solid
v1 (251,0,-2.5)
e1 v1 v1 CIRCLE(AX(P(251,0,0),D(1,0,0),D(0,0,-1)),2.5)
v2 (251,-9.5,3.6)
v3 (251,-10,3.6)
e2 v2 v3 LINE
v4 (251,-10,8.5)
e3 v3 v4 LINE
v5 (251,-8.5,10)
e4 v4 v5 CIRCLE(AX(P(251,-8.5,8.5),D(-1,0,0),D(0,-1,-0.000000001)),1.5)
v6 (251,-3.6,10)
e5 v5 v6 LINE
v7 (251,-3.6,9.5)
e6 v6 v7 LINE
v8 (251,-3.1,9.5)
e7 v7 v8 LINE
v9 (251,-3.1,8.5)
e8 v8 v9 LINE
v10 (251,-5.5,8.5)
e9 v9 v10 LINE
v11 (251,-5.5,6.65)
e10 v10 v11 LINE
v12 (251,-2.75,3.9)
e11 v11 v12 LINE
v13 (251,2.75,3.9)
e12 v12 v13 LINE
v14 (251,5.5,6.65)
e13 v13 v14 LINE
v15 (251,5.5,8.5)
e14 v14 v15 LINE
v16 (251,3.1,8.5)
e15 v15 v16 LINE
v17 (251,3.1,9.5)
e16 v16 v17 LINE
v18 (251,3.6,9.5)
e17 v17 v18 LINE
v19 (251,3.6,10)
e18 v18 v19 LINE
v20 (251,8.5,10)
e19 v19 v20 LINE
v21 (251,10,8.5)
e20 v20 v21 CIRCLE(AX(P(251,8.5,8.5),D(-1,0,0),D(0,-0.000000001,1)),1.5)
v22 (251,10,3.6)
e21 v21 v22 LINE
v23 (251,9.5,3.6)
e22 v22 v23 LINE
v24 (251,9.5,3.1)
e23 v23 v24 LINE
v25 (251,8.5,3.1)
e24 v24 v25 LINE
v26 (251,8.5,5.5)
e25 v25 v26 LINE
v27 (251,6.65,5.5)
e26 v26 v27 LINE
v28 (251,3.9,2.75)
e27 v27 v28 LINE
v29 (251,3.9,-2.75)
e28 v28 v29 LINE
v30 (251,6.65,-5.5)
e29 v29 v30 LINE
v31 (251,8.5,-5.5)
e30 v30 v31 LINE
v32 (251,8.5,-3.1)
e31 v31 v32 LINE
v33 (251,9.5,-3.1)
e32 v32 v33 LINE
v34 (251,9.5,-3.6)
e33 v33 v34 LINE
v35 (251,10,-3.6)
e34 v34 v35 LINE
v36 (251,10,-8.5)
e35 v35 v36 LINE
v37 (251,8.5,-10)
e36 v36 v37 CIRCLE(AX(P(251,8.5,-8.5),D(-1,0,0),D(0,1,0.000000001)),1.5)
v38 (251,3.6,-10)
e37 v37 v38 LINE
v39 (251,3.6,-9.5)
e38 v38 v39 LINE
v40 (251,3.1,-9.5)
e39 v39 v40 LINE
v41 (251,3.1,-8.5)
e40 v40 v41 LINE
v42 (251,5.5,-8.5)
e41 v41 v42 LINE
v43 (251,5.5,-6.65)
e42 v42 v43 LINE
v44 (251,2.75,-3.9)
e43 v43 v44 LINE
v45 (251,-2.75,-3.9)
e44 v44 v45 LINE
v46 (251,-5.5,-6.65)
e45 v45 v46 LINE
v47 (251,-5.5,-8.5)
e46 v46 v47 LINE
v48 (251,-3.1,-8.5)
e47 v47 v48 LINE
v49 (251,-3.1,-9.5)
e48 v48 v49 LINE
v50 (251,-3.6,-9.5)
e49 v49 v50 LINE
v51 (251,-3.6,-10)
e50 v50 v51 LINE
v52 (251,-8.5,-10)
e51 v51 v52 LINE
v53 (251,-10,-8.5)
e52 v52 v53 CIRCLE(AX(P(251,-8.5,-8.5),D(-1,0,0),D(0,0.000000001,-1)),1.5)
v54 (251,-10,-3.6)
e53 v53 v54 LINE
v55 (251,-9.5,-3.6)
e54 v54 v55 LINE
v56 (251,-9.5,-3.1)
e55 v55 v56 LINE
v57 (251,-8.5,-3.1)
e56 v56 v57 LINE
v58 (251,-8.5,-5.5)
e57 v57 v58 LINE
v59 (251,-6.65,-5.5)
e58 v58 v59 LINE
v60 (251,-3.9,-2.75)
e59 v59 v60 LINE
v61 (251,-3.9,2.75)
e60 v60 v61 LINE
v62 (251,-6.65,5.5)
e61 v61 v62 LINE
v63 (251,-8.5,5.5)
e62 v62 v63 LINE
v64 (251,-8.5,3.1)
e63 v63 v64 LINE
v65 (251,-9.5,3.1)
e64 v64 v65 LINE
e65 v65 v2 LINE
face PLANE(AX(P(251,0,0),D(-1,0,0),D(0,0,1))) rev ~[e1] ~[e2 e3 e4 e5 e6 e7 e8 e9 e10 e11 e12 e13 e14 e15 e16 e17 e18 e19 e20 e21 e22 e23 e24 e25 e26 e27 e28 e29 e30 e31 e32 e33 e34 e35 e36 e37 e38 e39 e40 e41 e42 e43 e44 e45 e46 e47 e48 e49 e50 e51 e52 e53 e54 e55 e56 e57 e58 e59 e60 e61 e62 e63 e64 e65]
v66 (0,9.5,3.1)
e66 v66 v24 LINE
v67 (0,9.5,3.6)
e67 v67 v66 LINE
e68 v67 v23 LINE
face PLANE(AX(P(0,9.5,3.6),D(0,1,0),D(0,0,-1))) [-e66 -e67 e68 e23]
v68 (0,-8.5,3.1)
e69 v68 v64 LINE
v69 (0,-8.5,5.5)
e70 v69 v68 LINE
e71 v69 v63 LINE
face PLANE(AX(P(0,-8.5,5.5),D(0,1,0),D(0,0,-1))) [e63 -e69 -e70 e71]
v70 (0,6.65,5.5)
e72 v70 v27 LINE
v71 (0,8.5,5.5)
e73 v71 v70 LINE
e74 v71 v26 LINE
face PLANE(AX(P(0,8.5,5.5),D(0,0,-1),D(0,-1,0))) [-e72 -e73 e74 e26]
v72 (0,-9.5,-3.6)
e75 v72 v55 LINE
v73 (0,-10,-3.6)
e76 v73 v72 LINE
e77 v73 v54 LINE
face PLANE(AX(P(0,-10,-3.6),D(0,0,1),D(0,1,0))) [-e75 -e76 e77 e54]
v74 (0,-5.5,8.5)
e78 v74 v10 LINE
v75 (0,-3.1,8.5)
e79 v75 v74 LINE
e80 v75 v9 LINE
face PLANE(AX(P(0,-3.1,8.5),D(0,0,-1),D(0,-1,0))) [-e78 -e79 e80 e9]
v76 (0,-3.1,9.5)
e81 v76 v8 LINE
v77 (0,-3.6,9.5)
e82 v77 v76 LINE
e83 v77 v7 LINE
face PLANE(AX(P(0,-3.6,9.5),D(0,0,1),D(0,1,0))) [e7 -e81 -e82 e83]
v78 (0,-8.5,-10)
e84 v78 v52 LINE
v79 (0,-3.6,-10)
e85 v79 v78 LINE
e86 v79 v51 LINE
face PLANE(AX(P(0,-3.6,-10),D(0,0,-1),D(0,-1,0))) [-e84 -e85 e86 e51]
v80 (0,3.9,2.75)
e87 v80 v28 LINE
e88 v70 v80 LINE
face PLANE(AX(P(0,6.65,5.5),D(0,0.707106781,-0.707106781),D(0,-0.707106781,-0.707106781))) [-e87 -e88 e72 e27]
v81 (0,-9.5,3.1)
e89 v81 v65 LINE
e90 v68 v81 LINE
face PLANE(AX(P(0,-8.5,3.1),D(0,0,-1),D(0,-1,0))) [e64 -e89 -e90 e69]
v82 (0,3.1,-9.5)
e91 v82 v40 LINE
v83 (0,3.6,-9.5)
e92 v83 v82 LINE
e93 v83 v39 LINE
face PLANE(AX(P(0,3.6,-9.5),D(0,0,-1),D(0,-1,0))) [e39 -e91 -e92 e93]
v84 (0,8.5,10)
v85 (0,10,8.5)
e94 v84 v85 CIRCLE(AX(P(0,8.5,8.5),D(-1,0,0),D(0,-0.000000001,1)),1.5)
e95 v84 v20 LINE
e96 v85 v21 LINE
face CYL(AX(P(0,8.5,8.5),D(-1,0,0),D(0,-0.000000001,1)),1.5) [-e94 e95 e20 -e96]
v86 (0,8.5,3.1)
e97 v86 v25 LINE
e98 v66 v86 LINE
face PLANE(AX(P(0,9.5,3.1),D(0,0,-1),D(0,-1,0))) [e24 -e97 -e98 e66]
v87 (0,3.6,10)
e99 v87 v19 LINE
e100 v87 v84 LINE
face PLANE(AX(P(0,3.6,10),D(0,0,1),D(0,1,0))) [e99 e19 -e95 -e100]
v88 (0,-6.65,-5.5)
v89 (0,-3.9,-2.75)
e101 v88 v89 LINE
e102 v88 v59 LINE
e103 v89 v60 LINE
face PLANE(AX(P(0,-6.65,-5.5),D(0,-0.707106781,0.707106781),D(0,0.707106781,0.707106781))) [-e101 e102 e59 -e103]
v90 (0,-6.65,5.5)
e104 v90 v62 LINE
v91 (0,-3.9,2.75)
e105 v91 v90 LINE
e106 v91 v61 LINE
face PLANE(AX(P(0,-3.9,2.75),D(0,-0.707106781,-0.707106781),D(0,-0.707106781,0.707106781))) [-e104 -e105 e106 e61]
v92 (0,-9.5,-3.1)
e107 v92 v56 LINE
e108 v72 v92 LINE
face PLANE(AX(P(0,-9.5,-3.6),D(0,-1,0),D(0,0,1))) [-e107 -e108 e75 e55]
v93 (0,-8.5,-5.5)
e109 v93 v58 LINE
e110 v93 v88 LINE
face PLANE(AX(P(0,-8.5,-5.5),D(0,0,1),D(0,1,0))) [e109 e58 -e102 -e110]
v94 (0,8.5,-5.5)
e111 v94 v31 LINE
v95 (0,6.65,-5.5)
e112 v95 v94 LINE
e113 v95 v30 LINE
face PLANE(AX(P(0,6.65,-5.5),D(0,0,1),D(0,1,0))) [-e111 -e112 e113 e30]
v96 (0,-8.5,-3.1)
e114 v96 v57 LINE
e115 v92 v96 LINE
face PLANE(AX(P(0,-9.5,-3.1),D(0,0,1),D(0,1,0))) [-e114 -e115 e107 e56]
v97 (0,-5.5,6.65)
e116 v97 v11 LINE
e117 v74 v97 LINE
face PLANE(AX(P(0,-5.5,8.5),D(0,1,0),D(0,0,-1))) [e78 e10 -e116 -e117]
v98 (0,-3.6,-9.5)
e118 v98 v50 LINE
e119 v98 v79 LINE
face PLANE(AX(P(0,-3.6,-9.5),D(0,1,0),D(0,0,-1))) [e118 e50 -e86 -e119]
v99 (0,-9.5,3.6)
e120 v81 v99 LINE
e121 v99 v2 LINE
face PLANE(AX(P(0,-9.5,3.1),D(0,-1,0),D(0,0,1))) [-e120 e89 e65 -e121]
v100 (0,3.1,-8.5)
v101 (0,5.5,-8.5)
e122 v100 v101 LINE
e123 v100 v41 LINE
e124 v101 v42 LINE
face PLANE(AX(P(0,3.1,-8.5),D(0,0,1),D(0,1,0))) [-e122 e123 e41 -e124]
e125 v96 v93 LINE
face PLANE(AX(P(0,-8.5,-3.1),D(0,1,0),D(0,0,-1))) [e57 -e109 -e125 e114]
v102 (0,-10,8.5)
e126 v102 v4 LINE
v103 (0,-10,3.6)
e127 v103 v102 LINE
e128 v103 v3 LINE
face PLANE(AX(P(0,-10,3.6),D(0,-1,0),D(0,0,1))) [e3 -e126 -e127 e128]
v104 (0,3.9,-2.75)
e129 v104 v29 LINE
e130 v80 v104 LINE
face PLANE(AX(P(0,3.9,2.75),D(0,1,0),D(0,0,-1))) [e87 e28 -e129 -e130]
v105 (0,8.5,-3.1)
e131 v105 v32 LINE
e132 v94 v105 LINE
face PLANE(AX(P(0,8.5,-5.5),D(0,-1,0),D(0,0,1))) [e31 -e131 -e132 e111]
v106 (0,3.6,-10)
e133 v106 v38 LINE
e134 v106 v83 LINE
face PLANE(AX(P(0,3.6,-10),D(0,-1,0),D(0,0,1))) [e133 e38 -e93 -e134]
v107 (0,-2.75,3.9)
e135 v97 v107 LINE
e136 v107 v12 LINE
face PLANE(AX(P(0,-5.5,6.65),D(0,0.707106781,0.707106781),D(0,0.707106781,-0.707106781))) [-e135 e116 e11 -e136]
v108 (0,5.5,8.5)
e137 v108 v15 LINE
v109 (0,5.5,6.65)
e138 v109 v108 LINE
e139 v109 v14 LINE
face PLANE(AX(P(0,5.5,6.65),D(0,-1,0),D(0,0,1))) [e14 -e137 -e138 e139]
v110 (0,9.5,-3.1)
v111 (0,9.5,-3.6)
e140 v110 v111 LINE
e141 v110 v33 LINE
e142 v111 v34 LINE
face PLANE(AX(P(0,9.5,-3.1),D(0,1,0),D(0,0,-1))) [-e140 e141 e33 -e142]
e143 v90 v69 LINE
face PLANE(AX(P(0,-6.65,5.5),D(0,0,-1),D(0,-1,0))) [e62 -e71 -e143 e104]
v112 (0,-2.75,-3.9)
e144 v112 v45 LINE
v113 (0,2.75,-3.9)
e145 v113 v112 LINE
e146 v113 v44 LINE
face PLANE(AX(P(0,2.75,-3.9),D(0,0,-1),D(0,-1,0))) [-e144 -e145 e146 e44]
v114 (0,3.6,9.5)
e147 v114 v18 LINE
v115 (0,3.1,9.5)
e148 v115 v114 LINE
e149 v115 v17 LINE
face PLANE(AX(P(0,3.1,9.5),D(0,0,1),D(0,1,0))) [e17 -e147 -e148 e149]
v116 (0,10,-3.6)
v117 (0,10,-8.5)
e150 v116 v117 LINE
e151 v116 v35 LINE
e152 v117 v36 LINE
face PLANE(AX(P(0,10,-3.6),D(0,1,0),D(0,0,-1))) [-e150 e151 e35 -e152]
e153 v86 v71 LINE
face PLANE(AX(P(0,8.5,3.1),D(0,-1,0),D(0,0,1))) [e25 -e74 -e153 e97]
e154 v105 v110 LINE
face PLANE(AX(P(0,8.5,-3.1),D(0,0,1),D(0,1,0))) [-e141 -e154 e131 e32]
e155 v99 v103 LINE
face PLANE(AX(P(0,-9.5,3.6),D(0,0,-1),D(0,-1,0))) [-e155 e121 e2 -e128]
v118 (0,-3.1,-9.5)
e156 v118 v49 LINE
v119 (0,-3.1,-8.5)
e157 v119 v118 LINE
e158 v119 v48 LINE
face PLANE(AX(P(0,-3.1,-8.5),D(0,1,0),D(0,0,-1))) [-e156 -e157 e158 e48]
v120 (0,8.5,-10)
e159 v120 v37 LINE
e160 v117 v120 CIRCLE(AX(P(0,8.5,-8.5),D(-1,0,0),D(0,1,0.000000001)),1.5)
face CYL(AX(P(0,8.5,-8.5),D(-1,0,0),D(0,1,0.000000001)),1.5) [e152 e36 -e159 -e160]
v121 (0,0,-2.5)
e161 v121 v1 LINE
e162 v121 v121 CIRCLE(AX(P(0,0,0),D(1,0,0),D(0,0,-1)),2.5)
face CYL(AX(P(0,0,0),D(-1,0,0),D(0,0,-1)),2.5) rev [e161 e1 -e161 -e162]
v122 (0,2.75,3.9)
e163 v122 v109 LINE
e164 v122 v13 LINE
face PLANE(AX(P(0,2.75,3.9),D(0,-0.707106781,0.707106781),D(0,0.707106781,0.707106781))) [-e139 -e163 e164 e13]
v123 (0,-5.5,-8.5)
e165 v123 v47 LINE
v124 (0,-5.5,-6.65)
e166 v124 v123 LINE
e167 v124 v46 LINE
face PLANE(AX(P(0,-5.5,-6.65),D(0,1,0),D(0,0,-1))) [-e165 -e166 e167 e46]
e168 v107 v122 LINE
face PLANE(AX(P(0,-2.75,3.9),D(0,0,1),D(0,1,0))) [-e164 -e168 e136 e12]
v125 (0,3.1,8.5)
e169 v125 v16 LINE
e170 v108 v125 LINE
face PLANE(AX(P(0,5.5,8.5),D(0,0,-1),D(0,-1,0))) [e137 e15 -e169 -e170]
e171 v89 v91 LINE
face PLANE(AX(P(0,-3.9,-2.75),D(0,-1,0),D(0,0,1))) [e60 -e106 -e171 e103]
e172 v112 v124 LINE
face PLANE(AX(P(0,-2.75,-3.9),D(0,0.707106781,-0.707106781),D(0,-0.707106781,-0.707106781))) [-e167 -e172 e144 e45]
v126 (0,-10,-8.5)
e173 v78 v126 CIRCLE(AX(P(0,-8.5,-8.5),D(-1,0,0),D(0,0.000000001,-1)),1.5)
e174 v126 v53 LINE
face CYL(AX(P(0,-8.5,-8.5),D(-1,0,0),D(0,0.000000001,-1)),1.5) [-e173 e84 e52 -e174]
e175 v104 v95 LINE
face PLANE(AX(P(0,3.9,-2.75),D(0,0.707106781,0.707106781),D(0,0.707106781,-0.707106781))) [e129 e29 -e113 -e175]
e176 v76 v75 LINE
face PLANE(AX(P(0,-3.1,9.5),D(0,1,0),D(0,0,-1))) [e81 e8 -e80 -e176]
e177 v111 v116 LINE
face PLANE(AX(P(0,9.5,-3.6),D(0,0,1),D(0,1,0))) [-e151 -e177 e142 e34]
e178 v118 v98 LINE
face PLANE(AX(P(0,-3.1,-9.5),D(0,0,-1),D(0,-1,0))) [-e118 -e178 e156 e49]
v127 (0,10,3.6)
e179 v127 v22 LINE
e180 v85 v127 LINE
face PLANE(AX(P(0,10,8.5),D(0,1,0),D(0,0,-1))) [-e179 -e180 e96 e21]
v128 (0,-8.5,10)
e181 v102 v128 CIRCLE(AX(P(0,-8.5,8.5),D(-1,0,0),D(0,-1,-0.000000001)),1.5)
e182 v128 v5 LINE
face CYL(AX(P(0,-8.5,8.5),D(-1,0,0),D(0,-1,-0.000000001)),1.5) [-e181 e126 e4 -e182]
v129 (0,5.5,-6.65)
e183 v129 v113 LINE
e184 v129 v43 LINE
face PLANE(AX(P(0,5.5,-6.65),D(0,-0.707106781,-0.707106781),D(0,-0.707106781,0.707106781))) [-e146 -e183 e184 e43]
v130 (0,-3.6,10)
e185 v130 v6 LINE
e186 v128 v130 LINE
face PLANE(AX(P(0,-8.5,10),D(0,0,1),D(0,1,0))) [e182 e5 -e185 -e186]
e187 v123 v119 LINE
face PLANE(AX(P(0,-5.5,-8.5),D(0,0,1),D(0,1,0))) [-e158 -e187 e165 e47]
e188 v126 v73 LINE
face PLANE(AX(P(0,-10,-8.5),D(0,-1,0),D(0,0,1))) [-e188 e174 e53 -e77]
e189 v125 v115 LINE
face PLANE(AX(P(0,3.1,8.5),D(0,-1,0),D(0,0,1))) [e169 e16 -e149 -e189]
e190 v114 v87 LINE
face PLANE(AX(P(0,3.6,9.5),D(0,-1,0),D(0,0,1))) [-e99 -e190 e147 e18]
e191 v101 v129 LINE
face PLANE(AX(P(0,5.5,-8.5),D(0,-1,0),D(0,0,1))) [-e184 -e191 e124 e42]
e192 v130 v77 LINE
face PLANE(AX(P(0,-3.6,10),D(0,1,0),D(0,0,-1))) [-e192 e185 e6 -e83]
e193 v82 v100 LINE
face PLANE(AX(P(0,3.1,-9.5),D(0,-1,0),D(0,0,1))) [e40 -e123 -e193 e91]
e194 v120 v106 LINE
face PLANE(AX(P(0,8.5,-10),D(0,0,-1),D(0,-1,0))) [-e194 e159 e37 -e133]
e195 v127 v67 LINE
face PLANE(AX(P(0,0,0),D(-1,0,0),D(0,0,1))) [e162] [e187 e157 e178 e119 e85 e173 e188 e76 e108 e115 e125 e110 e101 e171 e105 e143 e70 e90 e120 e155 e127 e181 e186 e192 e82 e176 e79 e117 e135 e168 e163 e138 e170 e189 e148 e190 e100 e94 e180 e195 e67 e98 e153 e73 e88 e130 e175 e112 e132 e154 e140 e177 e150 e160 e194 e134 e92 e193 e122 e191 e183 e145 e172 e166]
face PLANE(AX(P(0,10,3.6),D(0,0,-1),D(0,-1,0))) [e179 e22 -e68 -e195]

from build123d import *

# Parameters (mm, degrees)
SKETCH1_R                = 2.5
F_20_X_20_X_R1_5_1_DEPTH = 251


with BuildPart() as part:
    # Sketch1 → 铝型材 20 X 20 X R1.5(1) (new body)
    with BuildSketch(Plane(origin=(0, 0, 0), x_dir=(0, 0, -1), z_dir=(1, 0, 0))):
        with BuildLine():
            Line((-3.6, 10), (-3.6, 9.5))
            Line((-3.6, 9.5), (-3.1, 9.5))
            Line((-3.1, 9.5), (-3.1, 8.5))
            Line((-3.1, 8.5), (-5.5, 8.5))
            Line((-5.5, 8.5), (-5.5, 6.65))
            Line((-5.5, 6.65), (-2.75, 3.9))
            Line((-2.75, 3.9), (2.75, 3.9))
            Line((2.75, 3.9), (5.5, 6.65))
            Line((5.5, 6.65), (5.5, 8.5))
            Line((5.5, 8.5), (3.1, 8.5))
            Line((3.1, 8.5), (3.1, 9.5))
            Line((3.1, 9.5), (3.6, 9.5))
            Line((3.6, 9.5), (3.6, 10))
            Line((3.6, 10), (8.5, 10))
            ThreePointArc((8.5, 10), (9.560660172, 9.560660172), (10, 8.5))
            Line((10, 8.5), (10, 3.6))
            Line((10, 3.6), (9.5, 3.6))
            Line((9.5, 3.6), (9.5, 3.1))
            Line((9.5, 3.1), (8.5, 3.1))
            Line((8.5, 3.1), (8.5, 5.5))
            Line((8.5, 5.5), (6.65, 5.5))
            Line((6.65, 5.5), (3.9, 2.75))
            Line((3.9, 2.75), (3.9, -2.75))
            Line((3.9, -2.75), (6.65, -5.5))
            Line((6.65, -5.5), (8.5, -5.5))
            Line((8.5, -5.5), (8.5, -3.1))
            Line((8.5, -3.1), (9.5, -3.1))
            Line((9.5, -3.1), (9.5, -3.6))
            Line((9.5, -3.6), (10, -3.6))
            Line((10, -3.6), (10, -8.5))
            ThreePointArc((10, -8.5), (9.560660172, -9.560660172), (8.5, -10))
            Line((8.5, -10), (3.6, -10))
            Line((3.6, -10), (3.6, -9.5))
            Line((3.6, -9.5), (3.1, -9.5))
            Line((3.1, -9.5), (3.1, -8.5))
            Line((3.1, -8.5), (5.5, -8.5))
            Line((5.5, -8.5), (5.5, -6.65))
            Line((5.5, -6.65), (2.75, -3.9))
            Line((2.75, -3.9), (-2.75, -3.9))
            Line((-2.75, -3.9), (-5.5, -6.65))
            Line((-5.5, -6.65), (-5.5, -8.5))
            Line((-5.5, -8.5), (-3.1, -8.5))
            Line((-3.1, -8.5), (-3.1, -9.5))
            Line((-3.1, -9.5), (-3.6, -9.5))
            Line((-3.6, -9.5), (-3.6, -10))
            Line((-3.6, -10), (-8.5, -10))
            ThreePointArc((-8.5, -10), (-9.560660172, -9.560660172), (-10, -8.5))
            Line((-10, -8.5), (-10, -3.6))
            Line((-10, -3.6), (-9.5, -3.6))
            Line((-9.5, -3.6), (-9.5, -3.1))
            Line((-9.5, -3.1), (-8.5, -3.1))
            Line((-8.5, -3.1), (-8.5, -5.5))
            Line((-8.5, -5.5), (-6.65, -5.5))
            Line((-6.65, -5.5), (-3.9, -2.75))
            Line((-3.9, -2.75), (-3.9, 2.75))
            Line((-3.9, 2.75), (-6.65, 5.5))
            Line((-6.65, 5.5), (-8.5, 5.5))
            Line((-8.5, 5.5), (-8.5, 3.1))
            Line((-8.5, 3.1), (-9.5, 3.1))
            Line((-9.5, 3.1), (-9.5, 3.6))
            Line((-9.5, 3.6), (-10, 3.6))
            Line((-10, 3.6), (-10, 8.5))
            ThreePointArc((-10, 8.5), (-9.560660172, 9.560660172), (-8.5, 10))
            Line((-8.5, 10), (-3.6, 10))
        make_face()
        Circle(SKETCH1_R, mode=Mode.SUBTRACT)
    extrude(amount=F_20_X_20_X_R1_5_1_DEPTH)


solid = part.part
